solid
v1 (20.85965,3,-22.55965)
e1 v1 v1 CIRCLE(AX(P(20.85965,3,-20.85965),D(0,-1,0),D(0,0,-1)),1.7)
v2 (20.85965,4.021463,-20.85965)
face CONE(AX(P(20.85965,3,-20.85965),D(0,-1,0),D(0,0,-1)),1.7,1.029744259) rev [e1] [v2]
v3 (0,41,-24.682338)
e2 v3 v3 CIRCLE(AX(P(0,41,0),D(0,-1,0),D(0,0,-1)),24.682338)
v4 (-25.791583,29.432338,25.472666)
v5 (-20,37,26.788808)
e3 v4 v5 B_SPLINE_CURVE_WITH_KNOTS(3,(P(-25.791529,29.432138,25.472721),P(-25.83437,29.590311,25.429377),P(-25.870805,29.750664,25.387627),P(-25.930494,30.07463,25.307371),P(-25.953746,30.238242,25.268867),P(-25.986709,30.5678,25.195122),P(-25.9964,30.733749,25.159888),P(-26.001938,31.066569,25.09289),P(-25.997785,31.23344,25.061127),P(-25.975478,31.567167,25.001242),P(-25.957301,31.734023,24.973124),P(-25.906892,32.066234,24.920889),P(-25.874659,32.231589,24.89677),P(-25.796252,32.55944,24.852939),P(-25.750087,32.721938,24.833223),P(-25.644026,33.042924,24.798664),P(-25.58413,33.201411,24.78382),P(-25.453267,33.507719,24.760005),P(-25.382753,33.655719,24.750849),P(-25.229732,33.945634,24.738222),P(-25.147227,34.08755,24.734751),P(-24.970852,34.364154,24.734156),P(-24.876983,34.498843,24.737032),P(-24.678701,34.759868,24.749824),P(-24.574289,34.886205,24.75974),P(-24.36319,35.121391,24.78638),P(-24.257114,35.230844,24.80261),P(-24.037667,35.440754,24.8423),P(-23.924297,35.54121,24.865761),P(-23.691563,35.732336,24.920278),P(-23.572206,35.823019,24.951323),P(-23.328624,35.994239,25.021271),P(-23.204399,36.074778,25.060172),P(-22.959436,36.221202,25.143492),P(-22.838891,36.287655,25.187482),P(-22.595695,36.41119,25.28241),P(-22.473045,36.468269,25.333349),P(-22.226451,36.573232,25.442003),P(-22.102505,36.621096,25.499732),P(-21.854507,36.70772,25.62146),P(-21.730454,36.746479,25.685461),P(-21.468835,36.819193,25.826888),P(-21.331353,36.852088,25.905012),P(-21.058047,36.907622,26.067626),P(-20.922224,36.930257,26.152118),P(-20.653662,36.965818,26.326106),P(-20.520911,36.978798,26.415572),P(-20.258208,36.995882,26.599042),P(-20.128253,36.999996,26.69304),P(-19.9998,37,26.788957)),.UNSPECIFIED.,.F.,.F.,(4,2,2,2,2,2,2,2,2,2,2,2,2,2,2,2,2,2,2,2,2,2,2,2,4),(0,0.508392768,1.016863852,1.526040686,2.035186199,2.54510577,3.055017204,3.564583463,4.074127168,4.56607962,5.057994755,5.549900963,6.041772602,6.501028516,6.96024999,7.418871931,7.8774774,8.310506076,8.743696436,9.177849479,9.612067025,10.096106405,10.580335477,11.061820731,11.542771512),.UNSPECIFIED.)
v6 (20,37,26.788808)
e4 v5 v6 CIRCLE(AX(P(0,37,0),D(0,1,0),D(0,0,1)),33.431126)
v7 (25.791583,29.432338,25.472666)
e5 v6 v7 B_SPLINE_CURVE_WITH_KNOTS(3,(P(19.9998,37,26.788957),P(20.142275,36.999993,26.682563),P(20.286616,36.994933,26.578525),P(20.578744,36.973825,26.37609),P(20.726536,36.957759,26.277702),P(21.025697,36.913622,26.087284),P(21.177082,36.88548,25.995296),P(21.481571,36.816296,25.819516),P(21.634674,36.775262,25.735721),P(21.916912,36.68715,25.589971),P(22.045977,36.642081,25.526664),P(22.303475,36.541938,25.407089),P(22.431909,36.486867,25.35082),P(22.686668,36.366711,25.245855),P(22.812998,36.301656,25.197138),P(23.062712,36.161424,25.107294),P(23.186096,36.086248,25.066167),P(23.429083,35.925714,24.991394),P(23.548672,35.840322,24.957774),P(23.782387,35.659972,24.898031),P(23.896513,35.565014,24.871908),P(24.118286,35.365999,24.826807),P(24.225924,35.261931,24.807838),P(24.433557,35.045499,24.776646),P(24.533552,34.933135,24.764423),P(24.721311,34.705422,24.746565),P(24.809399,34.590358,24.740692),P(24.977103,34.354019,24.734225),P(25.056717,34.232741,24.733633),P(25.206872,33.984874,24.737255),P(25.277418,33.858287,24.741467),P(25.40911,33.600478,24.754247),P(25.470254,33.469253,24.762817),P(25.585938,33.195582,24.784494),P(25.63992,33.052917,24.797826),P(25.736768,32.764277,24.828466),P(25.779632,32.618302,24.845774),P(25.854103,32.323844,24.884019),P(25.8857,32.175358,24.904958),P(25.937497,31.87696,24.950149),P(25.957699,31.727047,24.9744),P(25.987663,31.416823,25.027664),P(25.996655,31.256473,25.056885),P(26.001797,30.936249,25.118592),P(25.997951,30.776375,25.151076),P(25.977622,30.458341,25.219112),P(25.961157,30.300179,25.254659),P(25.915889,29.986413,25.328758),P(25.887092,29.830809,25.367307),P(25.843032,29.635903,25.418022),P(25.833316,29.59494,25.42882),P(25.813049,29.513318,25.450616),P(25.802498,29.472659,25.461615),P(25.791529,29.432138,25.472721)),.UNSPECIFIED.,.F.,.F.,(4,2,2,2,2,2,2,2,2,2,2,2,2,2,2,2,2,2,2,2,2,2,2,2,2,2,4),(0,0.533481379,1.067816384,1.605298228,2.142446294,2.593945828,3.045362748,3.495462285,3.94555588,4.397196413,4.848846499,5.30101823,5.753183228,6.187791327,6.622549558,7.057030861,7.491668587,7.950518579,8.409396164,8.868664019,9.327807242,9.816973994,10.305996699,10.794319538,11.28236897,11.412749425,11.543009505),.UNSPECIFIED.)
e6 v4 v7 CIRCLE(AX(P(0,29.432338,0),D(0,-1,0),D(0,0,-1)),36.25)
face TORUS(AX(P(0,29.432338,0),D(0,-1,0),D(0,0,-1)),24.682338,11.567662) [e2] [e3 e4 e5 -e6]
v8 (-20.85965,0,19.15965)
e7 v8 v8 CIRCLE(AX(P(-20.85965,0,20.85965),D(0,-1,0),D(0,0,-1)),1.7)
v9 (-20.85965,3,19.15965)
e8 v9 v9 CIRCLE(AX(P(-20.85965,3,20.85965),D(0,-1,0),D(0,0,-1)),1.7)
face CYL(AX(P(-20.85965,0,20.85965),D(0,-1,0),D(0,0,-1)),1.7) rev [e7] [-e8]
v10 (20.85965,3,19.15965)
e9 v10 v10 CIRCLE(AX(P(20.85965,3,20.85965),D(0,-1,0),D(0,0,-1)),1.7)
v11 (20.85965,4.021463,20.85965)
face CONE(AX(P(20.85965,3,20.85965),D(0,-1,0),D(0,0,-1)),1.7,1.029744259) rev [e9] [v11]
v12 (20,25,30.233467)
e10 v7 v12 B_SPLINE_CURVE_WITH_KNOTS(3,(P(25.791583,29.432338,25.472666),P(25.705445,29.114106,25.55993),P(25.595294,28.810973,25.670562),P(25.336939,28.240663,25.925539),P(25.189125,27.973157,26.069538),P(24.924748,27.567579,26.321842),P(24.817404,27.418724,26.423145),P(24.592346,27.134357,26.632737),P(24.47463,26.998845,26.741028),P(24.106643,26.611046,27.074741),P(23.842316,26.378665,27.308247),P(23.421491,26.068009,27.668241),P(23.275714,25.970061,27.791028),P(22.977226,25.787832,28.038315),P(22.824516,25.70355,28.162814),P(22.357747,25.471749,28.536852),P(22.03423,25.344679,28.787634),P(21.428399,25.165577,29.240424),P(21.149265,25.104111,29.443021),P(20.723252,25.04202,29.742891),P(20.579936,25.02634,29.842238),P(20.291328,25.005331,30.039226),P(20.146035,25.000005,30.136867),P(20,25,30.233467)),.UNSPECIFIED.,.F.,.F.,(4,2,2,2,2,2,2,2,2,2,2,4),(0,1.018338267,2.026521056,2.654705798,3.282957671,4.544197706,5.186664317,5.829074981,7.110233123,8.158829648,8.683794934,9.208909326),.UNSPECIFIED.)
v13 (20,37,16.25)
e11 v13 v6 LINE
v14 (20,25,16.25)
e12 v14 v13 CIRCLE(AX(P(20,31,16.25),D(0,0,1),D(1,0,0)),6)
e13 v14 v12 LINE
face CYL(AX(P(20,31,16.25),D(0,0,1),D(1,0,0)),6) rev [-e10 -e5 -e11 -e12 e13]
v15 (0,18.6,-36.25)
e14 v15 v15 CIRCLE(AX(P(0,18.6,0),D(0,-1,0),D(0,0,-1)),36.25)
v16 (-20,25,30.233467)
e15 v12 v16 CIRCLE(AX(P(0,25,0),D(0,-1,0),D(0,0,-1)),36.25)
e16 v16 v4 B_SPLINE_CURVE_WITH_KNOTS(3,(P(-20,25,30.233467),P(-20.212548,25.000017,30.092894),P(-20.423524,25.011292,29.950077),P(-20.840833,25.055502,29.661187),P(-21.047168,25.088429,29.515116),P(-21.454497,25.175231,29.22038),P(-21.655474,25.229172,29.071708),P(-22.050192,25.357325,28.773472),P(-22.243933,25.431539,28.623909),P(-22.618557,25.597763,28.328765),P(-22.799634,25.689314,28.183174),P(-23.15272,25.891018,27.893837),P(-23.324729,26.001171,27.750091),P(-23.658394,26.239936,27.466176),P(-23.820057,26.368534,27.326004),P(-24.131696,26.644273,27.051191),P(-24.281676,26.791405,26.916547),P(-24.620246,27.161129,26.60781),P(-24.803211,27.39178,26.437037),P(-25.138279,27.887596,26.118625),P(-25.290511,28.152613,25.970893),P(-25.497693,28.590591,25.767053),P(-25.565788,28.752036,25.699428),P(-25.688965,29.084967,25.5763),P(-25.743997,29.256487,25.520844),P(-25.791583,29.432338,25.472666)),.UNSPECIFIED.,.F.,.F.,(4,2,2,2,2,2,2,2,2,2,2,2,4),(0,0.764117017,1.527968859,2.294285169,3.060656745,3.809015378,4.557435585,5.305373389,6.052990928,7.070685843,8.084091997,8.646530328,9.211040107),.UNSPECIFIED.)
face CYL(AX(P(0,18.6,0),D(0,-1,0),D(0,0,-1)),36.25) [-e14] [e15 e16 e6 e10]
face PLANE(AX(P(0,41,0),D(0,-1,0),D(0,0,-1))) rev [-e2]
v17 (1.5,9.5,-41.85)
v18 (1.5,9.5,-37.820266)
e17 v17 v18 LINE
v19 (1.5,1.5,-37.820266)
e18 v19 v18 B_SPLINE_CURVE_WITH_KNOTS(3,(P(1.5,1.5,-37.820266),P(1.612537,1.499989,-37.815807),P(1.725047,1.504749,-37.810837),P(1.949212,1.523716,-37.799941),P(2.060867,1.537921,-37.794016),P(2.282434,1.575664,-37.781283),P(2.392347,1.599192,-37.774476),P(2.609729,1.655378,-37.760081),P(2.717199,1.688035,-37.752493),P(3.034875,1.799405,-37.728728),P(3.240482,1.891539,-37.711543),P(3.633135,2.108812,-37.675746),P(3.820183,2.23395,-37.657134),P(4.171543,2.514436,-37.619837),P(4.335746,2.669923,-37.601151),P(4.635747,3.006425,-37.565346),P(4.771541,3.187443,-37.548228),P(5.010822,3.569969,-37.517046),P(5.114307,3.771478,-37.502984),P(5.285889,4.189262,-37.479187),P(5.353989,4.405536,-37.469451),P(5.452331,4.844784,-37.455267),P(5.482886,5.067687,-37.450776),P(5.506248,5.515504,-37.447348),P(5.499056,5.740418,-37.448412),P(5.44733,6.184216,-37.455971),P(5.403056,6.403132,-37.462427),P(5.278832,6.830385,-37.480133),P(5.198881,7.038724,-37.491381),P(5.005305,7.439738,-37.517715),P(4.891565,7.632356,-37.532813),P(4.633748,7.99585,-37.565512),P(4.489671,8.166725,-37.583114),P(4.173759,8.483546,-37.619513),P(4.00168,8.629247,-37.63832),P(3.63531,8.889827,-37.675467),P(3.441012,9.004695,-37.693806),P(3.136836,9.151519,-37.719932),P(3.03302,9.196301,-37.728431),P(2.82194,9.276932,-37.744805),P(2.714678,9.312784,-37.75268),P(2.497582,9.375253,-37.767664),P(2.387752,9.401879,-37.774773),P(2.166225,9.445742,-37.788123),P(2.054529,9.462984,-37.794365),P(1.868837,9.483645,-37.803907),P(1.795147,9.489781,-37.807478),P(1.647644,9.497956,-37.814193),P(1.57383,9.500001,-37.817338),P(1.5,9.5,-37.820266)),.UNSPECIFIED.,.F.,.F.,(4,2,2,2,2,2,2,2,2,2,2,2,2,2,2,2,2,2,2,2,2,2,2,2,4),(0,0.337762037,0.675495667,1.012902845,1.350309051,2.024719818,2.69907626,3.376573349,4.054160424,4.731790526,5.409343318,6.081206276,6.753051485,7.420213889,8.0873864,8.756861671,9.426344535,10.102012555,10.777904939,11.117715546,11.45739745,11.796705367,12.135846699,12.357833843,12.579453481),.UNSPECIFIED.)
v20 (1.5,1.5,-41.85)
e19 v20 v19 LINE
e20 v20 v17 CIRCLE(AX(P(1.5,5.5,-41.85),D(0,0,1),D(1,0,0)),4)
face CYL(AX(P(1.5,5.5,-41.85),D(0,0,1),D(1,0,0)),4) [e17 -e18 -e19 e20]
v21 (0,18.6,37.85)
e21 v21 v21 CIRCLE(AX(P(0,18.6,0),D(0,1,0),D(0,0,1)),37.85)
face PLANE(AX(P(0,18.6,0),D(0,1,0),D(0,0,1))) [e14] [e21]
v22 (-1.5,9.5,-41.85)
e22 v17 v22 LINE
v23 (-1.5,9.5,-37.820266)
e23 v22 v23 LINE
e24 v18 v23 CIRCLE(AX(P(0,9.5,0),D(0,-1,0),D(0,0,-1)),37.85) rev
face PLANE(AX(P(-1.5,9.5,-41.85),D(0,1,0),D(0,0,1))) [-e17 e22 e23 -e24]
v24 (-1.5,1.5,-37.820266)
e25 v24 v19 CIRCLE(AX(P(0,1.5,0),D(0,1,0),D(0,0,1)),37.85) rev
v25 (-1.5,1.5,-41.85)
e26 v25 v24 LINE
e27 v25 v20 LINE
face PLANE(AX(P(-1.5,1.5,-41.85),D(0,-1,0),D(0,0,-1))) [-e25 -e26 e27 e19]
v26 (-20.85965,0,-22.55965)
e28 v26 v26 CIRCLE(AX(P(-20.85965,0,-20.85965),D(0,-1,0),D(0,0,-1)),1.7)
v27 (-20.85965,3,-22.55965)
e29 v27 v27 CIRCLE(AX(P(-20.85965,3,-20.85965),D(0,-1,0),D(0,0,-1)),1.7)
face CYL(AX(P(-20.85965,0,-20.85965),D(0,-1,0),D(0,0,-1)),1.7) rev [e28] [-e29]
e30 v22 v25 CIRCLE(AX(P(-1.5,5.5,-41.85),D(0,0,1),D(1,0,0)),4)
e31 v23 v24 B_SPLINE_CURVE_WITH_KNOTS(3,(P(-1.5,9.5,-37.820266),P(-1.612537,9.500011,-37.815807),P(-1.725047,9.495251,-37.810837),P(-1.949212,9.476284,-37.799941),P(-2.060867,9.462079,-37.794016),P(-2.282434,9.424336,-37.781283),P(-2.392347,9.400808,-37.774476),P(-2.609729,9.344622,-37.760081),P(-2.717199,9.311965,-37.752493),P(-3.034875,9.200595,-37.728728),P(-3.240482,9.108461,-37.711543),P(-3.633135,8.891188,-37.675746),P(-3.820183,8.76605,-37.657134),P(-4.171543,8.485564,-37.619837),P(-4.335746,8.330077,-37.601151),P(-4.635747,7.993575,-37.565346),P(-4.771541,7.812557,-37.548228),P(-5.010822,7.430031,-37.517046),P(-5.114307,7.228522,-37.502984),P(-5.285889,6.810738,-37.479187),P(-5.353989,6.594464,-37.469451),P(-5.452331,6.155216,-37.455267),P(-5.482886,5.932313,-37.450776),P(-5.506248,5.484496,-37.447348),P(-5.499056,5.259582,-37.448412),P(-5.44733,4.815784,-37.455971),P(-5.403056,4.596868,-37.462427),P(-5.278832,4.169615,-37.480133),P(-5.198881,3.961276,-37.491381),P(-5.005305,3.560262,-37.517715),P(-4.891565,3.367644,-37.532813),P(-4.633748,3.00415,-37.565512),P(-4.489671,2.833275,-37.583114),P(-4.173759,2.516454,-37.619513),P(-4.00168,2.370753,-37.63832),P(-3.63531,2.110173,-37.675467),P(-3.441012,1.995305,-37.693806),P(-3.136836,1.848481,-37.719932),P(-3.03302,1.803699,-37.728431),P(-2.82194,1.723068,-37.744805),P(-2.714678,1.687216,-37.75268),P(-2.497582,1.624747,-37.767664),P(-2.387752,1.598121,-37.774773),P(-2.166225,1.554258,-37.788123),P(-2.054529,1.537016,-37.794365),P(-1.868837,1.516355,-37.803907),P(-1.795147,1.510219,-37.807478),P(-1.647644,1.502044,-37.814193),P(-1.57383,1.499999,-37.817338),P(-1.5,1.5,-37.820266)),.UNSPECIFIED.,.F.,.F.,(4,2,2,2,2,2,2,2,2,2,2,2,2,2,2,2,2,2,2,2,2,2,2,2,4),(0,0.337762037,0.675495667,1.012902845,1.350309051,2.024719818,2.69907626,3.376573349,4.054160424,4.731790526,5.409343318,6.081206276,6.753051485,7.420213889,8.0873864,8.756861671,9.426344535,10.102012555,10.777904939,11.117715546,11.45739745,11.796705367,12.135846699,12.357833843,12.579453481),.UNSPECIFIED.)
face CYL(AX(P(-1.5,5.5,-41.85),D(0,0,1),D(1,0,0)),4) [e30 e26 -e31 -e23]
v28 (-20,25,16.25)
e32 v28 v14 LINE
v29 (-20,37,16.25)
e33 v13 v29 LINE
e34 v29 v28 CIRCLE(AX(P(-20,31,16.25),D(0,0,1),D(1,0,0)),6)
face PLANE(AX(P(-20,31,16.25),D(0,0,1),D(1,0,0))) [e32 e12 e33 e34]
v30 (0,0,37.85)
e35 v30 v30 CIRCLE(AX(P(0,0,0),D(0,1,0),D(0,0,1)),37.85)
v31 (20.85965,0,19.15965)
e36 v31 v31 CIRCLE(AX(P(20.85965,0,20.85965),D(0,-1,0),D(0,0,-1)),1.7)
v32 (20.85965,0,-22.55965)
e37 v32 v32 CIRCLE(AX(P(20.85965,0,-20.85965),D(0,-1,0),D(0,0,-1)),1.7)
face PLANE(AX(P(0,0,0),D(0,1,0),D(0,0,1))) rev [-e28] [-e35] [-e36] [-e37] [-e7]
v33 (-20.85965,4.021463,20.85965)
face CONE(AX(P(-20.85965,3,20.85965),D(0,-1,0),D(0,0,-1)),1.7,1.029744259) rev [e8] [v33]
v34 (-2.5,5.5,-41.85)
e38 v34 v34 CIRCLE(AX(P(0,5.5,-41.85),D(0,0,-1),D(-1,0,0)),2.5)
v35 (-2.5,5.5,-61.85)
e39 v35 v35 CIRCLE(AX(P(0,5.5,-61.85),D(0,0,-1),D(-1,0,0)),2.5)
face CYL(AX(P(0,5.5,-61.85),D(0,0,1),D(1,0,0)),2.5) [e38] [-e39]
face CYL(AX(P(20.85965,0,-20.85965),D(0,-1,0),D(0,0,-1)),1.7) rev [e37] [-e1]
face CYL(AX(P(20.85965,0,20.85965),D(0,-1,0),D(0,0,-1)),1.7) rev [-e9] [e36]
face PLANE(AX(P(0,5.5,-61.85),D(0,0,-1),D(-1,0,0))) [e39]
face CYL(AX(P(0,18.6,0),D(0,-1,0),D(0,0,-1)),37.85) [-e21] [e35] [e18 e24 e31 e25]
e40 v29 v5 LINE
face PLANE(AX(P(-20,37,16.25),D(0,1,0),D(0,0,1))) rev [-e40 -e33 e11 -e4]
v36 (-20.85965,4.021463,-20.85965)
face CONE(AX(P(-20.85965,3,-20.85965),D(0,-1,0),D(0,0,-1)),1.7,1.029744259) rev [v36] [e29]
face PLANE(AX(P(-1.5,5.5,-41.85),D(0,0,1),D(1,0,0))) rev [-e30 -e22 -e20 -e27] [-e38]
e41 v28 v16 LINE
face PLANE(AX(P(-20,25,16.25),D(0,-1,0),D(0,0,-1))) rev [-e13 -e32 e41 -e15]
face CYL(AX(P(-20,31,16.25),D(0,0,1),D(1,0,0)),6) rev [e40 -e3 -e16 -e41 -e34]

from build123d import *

# Parameters (mm, degrees)
ESQUISSE1_R                         = 37.85
BOSS_EXTRU_1_DEPTH                  = 18.6
ENL_V_MAT_EXTRU_1_DEPTH             = 20
D_GAGEMENT_M31_D                    = 3.4
D_GAGEMENT_M31_DEPTH                = 3
D_GAGEMENT_M31_TIP                  = 1.021463052
BOSS_EXTRU_2_DEPTH                  = 4
BOSS_EXTRU_2_DIRECTION_2_REACH      = 96.043
BOSS_EXTRU_2_DIRECTION_2_END_RADIUS = 37.85
ESQUISSE9_R                         = 2.5
BOSS_EXTRU_3_DEPTH                  = 20


with BuildPart() as part:
    # Esquisse1 → Boss.-Extru.1 (new body)
    with BuildSketch(Plane(origin=(0, 0, 0), x_dir=(1, 0, 0), z_dir=(0, 1, 0))):
        with Locations(Location((0, 0, 0), (0, 0, 270))):
            Circle(ESQUISSE1_R)
    extrude(amount=BOSS_EXTRU_1_DEPTH)

    # Esquisse2 → Révolution1 (revolve)
    with BuildSketch(Plane.XY, mode=Mode.PRIVATE) as r_volution1_sk:
        with BuildLine():
            Line((0, 18.6), (0, 41))
            Line((0, 41), (-24.682338214, 41))
            ThreePointArc((-24.682338214, 41), (-32.861910305, 37.611910305), (-36.25, 29.432338214))
            Line((-36.25, 29.432338214), (-36.25, 18.6))
            Line((-36.25, 18.6), (0, 18.6))
        make_face()
    revolve(r_volution1_sk.sketch.rotate(Axis((0, 18.6, 0), (0, 1, 0)), 270), axis=Axis((0, 18.6, 0), (0, 1, 0)))

    # Esquisse3 → Enlèv. mat.-Extru.1 (cut)
    with BuildSketch(Plane.XY.offset(36.25)):
        with BuildLine():
            Line((-20, 37), (20, 37))
            ThreePointArc((20, 37), (26, 31), (20, 25))
            Line((20, 25), (-20, 25))
            ThreePointArc((-20, 25), (-26, 31), (-20, 37))
        make_face()
    extrude(amount=-ENL_V_MAT_EXTRU_1_DEPTH, mode=Mode.SUBTRACT)

    # Dégagement M31
    with Locations(Plane(origin=(0, 0, 0), x_dir=(-1, 0, 0), z_dir=(0, -1, 0))):
        with Locations((20.859650045, -20.859650045), (-20.859650045, -20.859650045), (-20.859650045, 20.859650045), (20.859650045, 20.859650045)):
            Hole(D_GAGEMENT_M31_D / 2, depth=D_GAGEMENT_M31_DEPTH)
            with Locations((0, 0, -(D_GAGEMENT_M31_DEPTH + D_GAGEMENT_M31_TIP / 2))):  # 118° drill point
                Cone(0, D_GAGEMENT_M31_D / 2, D_GAGEMENT_M31_TIP, mode=Mode.SUBTRACT)

    # Esquisse8 → Boss.-Extru.2 (add)
    with BuildSketch(Plane.XY.offset(-37.85)):
        with BuildLine():
            Line((-1.5, 9.5), (1.5, 9.5))
            ThreePointArc((1.5, 9.5), (5.5, 5.5), (1.5, 1.5))
            Line((1.5, 1.5), (-1.5, 1.5))
            ThreePointArc((-1.5, 1.5), (-5.5, 5.5), (-1.5, 9.5))
        make_face()
    extrude(amount=-BOSS_EXTRU_2_DEPTH)

    # Boss.-Extru.2 direction 2: up to this cylinder (the profile starts outside it)
    boss_extru_2_direction_2_end = Plane(origin=(0, 5.5, 0), z_dir=(0, -1, 0)) * Cylinder(BOSS_EXTRU_2_DIRECTION_2_END_RADIUS, 268.786, mode=Mode.PRIVATE)
    # Esquisse8 → Boss.-Extru.2 direction 2 (add, up to the surface)
    with BuildSketch(Plane.XY.offset(-37.85), mode=Mode.PRIVATE) as boss_extru_2_direction_2_sk1:
        with BuildLine():
            Line((-1.5, 9.5), (1.5, 9.5))
            ThreePointArc((1.5, 9.5), (5.5, 5.5), (1.5, 1.5))
            Line((1.5, 1.5), (-1.5, 1.5))
            ThreePointArc((-1.5, 1.5), (-5.5, 5.5), (-1.5, 9.5))
        make_face()
    boss_extru_2_direction_2_tool1 = extrude(boss_extru_2_direction_2_sk1.sketch, amount=BOSS_EXTRU_2_DIRECTION_2_REACH, mode=Mode.PRIVATE) - boss_extru_2_direction_2_end
    add(boss_extru_2_direction_2_tool1.solids().sort_by_distance((0, 5.5, -37.85))[0])
    add(boss_extru_2_direction_2_tool1.solids().sort_by_distance((0, 5.5, -37.85))[1])

    # Esquisse9 → Boss.-Extru.3 (add)
    with BuildSketch(Plane(origin=(0, 0, -41.85), x_dir=(-1, 0, 0), z_dir=(0, 0, -1))):
        with Locations((0, 5.5)):
            Circle(ESQUISSE9_R)
    extrude(amount=BOSS_EXTRU_3_DEPTH)


solid = part.part
